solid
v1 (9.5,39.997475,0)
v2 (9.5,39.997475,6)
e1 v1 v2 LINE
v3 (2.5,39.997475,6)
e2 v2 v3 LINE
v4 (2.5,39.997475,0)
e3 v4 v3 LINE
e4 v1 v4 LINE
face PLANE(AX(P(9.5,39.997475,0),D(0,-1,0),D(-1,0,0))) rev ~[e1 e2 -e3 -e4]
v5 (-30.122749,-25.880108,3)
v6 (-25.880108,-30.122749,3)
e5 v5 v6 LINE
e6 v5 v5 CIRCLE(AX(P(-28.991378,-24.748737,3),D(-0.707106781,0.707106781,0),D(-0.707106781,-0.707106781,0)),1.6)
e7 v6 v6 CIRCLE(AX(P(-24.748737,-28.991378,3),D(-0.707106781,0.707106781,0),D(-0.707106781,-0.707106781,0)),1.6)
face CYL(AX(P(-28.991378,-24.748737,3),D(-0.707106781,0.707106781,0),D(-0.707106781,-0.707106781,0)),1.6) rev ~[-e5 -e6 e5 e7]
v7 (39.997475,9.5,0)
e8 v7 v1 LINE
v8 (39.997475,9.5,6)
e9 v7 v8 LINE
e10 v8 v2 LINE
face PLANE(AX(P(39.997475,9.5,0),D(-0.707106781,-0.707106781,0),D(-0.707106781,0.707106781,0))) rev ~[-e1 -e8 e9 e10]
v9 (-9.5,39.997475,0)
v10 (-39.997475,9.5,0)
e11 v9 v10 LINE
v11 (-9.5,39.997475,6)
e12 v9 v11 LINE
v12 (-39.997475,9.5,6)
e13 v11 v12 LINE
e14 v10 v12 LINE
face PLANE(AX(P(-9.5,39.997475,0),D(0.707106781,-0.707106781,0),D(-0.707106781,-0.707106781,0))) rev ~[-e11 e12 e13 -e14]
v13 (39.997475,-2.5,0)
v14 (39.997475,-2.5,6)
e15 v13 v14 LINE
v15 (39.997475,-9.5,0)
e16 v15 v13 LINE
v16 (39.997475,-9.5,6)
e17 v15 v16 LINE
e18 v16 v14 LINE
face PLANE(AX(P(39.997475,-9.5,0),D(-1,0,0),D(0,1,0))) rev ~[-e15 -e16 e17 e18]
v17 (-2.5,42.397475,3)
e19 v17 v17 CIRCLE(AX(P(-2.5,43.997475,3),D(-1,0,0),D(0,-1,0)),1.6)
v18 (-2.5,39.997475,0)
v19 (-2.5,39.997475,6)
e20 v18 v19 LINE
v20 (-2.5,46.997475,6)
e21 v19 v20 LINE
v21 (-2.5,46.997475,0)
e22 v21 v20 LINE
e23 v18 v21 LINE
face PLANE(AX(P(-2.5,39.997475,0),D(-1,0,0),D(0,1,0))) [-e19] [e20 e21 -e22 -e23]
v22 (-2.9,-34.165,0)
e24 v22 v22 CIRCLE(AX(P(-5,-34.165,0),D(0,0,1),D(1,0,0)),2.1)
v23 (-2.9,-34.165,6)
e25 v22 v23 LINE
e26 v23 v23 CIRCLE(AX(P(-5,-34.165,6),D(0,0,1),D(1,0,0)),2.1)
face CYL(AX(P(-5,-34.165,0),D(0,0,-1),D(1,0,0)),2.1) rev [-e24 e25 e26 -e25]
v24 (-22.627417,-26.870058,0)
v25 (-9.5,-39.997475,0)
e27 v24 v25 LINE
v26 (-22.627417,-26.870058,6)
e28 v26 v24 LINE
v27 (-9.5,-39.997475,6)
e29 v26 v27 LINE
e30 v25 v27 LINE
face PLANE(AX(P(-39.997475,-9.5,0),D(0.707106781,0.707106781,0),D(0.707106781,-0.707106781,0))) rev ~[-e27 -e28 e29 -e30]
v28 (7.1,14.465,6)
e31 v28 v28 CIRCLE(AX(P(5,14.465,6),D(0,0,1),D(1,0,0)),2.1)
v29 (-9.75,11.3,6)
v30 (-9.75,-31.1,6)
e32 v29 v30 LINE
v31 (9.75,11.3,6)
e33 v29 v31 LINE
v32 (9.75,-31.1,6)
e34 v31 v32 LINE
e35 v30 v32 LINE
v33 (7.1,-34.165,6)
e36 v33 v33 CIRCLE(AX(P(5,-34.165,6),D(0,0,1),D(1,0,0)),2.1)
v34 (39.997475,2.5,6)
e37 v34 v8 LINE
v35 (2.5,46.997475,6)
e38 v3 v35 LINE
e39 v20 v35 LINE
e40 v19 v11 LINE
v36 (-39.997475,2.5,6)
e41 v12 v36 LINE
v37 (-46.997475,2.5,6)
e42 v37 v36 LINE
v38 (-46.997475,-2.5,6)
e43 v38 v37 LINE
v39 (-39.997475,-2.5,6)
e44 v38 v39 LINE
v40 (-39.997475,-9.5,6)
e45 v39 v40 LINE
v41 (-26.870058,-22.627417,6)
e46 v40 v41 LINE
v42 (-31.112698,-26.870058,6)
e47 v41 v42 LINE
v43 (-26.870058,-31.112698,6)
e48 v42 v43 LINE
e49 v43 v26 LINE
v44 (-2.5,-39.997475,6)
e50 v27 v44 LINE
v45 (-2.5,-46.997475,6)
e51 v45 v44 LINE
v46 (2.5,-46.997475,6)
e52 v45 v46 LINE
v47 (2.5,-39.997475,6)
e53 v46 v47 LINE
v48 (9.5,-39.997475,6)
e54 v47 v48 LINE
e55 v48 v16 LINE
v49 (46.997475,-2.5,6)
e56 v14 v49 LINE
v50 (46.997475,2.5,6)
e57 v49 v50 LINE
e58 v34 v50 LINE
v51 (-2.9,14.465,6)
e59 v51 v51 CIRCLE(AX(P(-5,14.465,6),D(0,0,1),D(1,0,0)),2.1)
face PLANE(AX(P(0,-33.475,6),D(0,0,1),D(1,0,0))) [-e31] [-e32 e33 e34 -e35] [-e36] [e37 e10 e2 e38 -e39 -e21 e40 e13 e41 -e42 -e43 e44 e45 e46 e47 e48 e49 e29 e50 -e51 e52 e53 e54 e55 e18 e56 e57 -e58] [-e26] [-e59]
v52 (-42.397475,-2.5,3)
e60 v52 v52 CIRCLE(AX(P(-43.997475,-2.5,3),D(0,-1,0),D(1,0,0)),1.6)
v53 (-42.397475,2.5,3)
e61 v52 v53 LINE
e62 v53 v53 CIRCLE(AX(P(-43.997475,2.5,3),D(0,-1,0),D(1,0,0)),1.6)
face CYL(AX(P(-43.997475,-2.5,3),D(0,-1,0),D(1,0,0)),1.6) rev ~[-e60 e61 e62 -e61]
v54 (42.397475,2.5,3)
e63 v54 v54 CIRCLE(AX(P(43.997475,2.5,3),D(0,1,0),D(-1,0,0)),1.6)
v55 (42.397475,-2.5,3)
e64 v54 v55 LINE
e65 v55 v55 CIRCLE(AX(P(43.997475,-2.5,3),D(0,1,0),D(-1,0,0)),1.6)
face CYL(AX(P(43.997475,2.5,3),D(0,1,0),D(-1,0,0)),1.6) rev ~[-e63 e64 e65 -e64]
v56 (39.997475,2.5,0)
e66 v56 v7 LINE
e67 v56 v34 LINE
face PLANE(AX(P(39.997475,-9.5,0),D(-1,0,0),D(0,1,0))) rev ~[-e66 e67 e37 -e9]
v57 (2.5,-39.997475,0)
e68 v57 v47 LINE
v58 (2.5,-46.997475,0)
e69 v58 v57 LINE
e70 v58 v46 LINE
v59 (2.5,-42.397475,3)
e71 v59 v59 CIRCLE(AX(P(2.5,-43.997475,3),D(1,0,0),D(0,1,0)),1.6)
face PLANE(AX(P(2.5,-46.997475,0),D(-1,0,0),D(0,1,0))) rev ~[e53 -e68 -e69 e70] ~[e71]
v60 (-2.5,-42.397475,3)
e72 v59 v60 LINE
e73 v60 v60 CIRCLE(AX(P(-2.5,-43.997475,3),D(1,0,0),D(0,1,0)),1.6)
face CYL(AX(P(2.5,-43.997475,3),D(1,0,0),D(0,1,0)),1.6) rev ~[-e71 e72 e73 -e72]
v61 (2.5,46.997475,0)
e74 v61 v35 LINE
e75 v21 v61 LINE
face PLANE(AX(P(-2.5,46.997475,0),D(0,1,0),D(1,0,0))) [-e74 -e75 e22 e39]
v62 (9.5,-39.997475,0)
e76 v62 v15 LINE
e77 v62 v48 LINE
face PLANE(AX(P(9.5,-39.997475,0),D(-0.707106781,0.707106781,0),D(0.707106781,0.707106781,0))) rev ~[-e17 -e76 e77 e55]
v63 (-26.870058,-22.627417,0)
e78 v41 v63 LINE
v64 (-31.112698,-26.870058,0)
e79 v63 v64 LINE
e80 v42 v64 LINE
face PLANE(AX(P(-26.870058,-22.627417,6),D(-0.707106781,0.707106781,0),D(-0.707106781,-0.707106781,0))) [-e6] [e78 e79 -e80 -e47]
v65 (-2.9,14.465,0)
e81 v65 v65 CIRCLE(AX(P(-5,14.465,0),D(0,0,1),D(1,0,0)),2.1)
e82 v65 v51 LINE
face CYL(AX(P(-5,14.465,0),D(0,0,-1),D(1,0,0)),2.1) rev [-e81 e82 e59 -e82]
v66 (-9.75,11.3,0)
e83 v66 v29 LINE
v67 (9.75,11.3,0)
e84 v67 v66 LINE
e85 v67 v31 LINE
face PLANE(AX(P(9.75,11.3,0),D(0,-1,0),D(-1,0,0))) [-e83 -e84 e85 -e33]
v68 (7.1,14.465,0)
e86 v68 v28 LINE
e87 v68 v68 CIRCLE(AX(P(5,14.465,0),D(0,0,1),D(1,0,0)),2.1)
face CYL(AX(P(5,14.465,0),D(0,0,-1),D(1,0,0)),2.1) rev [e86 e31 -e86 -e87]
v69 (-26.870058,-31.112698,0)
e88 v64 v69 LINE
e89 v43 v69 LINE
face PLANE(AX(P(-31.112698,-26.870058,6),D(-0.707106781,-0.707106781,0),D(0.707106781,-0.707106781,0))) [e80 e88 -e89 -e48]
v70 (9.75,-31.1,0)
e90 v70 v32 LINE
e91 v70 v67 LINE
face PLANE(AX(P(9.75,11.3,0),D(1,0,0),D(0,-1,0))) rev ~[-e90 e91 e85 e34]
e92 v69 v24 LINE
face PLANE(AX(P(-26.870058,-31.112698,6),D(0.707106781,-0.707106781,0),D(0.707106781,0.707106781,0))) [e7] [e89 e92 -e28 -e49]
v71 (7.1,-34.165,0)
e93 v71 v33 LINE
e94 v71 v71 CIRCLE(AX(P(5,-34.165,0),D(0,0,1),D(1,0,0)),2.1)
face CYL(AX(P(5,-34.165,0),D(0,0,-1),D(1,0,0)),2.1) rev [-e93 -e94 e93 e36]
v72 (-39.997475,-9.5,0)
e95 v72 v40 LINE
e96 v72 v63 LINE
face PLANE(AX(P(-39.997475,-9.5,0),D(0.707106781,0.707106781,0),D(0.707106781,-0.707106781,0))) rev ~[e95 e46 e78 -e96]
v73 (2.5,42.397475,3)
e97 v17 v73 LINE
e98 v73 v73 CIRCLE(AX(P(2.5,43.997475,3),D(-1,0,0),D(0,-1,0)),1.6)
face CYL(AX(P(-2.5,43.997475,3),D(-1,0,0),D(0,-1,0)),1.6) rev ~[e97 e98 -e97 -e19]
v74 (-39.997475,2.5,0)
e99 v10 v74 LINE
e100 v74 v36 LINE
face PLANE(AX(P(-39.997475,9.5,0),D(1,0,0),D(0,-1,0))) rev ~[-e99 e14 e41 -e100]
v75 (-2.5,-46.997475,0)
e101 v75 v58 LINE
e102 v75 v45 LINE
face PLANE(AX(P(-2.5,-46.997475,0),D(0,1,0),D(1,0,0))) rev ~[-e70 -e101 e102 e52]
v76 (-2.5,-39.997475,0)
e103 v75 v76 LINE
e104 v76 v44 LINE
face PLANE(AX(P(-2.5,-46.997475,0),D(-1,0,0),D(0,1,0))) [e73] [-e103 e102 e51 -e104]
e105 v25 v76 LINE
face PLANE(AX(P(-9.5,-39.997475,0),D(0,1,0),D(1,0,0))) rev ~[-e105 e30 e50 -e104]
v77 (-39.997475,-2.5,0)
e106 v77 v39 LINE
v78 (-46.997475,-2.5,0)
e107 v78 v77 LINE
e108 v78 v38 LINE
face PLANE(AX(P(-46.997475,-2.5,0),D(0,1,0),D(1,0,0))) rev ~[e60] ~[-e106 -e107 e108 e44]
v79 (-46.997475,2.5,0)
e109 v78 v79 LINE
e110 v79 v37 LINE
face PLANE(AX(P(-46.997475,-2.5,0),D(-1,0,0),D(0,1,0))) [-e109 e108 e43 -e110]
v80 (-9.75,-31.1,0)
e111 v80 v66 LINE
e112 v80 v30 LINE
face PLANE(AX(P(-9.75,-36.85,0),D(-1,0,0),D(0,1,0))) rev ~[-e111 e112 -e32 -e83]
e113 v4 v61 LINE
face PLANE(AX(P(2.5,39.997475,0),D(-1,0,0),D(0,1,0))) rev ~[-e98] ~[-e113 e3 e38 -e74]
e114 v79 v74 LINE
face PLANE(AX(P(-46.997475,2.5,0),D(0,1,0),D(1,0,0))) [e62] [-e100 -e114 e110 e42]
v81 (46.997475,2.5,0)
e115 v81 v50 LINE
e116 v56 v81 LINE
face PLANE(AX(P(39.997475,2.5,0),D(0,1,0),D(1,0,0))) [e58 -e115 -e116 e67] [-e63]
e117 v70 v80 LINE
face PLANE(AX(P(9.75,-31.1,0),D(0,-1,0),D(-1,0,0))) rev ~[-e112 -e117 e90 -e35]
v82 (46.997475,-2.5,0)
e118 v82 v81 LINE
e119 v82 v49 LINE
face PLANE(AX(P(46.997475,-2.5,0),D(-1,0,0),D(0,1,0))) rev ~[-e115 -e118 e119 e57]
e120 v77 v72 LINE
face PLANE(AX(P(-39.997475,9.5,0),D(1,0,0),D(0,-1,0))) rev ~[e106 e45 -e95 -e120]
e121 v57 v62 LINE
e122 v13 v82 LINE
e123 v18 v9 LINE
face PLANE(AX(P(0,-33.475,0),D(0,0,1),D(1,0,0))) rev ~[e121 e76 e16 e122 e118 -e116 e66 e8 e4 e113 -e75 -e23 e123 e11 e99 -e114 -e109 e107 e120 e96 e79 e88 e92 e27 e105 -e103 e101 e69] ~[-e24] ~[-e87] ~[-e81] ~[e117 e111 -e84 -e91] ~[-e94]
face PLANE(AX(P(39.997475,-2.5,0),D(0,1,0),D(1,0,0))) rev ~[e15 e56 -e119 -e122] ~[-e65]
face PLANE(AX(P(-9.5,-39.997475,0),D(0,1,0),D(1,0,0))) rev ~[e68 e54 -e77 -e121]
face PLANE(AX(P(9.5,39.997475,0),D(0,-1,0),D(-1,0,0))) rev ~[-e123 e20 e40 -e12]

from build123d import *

# Parameters (mm, degrees)
SKETCH_1_R          = 2.1
SKETCH_1_W          = 5
SKETCH_1_H          = 7
SKETCH_1_W_2        = 7
SKETCH_1_H_2        = 5
SKETCH_1_W_3        = 19.5
SKETCH_1_H_3        = 6.75
EXTRUDE_2_DEPTH     = 6
SKETCH_2_R          = 1.6
CUT_EXTRUDE_1_DEPTH = 5
SKETCH_3_R          = 1.6
CUT_EXTRUDE_2_DEPTH = 5
SKETCH_4_R          = 1.6
CUT_EXTRUDE_3_DEPTH = 5
SKETCH_5_R          = 1.6
CUT_EXTRUDE_4_DEPTH = 5
EXTRUDE_3_DEPTH     = 6
SKETCH_7_R          = 1.6
CUT_EXTRUDE_5_DEPTH = 10
SKETCH_8_W          = 19.5
SKETCH_8_H          = 40.4
SKETCH_8_H_2        = 1
CUT_EXTRUDE_6_DEPTH = 10


with BuildPart() as part:
    # 草图1 → 凸台-拉伸2 (new body)
    # profile 1 of 6: a face of its own
    with BuildSketch(Plane.XY):
        Polygon((-9.5, 39.997474683), (-39.997474683, 9.5), (-39.997474683, 2.5), (-39.997474683, -2.5), (-39.997474683, -9.5), (-9.5, -39.997474683), (-2.5, -39.997474683), (2.5, -39.997474683), (9.5, -39.997474683), (39.997474683, -9.5), (39.997474683, -2.5), (39.997474683, 2.5), (39.997474683, 9.5), (9.5, 39.997474683), (2.5, 39.997474683), (-2.5, 39.997474683), align=None)
        Polygon((-9.75, -30.1), (-9.75, 10.3), (9.75, 10.3), (9.75, -30.1), (9.75, -36.85), (-9.75, -36.85), align=None, mode=Mode.SUBTRACT)
        with Locations((-5, 14.465)):
            Circle(SKETCH_1_R, mode=Mode.SUBTRACT)
        with Locations((5, 14.465)):
            Circle(SKETCH_1_R, mode=Mode.SUBTRACT)
    # profile 2 of 6: a face of its own
    with BuildSketch(Plane.XY):
        with Locations((0, 43.497474683)):
            Rectangle(SKETCH_1_W, SKETCH_1_H)
    # profile 3 of 6: a face of its own
    with BuildSketch(Plane.XY):
        with Locations((-43.497474683, 0)):
            Rectangle(SKETCH_1_W_2, SKETCH_1_H_2)
    # profile 4 of 6: a face of its own
    with BuildSketch(Plane.XY):
        with Locations((0, -43.497474683)):
            Rectangle(SKETCH_1_W, SKETCH_1_H)
    # profile 5 of 6: a face of its own
    with BuildSketch(Plane.XY):
        with Locations((43.497474683, 0)):
            Rectangle(SKETCH_1_W_2, SKETCH_1_H_2)
    # profile 6 of 6: a face of its own
    with BuildSketch(Plane.XY):
        with Locations((0, -33.475)):
            Rectangle(SKETCH_1_W_3, SKETCH_1_H_3)
        with Locations((5, -34.165)):
            Circle(SKETCH_1_R, mode=Mode.SUBTRACT)
        with Locations((-5, -34.165)):
            Circle(SKETCH_1_R, mode=Mode.SUBTRACT)
    extrude(amount=EXTRUDE_2_DEPTH)

    # 草图2 → 切除-拉伸1 (cut)
    with BuildSketch(Plane.XZ.offset(2.5)):
        with Locations((-43.997474683, 3)):
            Circle(SKETCH_2_R)
    extrude(amount=-CUT_EXTRUDE_1_DEPTH, mode=Mode.SUBTRACT)

    # 草图3 → 切除-拉伸2 (cut)
    with BuildSketch(Plane(origin=(2.5, 0, 0), x_dir=(0, 0, -1), z_dir=(1, 0, 0))):
        with Locations(Location((-3, -43.997474683, 0), (0, 0, 90))):
            Circle(SKETCH_3_R)
    extrude(amount=-CUT_EXTRUDE_2_DEPTH, mode=Mode.SUBTRACT)

    # 草图4 → 切除-拉伸3 (cut)
    with BuildSketch(Plane(origin=(0, 2.5, 0), x_dir=(1, 0, 0), z_dir=(0, 1, 0))):
        with Locations(Location((43.997474683, -3, 0), (0, 0, 180))):
            Circle(SKETCH_4_R)
    extrude(amount=-CUT_EXTRUDE_3_DEPTH, mode=Mode.SUBTRACT)

    # 草图5 → 切除-拉伸4 (cut)
    with BuildSketch(Plane.ZY.offset(2.5)):
        with Locations(Location((3, 43.997474683, 0), (0, 0, 270))):
            Circle(SKETCH_5_R)
    extrude(amount=-CUT_EXTRUDE_4_DEPTH, mode=Mode.SUBTRACT)

    # 草图6 → 凸台-拉伸3 (add)
    with BuildSketch(Plane.XY.offset(6)):
        Polygon((-26.870057685, -31.112698372), (-22.627416998, -26.870057685), (-26.870057685, -22.627416998), (-31.112698372, -26.870057685), align=None)
    extrude(amount=-EXTRUDE_3_DEPTH)

    # 草图7 → 切除-拉伸5 (cut)
    with BuildSketch(Plane(origin=(-2.121320344, 2.121320344, 0), x_dir=(0, 0, 1), z_dir=(-0.7071067811865485, 0.7071067811865466, 0))):
        with Locations(Location((3, -38, 0), (0, 0, 270))):
            Circle(SKETCH_7_R)
    extrude(amount=-CUT_EXTRUDE_5_DEPTH, mode=Mode.SUBTRACT)

    # 草图8 → 切除-拉伸6 (cut)
    with BuildSketch(Plane(origin=(0, 0, 0), x_dir=(-1, 0, 0), z_dir=(0, 0, -1))):
        with Locations((0, -9.9)):
            Rectangle(SKETCH_8_W, SKETCH_8_H)
        with Locations((0, 10.8)):
            Rectangle(SKETCH_8_W, SKETCH_8_H_2)
        with Locations((0, -30.6)):
            Rectangle(SKETCH_8_W, SKETCH_8_H_2)
    extrude(amount=-CUT_EXTRUDE_6_DEPTH, mode=Mode.SUBTRACT)


solid = part.part
